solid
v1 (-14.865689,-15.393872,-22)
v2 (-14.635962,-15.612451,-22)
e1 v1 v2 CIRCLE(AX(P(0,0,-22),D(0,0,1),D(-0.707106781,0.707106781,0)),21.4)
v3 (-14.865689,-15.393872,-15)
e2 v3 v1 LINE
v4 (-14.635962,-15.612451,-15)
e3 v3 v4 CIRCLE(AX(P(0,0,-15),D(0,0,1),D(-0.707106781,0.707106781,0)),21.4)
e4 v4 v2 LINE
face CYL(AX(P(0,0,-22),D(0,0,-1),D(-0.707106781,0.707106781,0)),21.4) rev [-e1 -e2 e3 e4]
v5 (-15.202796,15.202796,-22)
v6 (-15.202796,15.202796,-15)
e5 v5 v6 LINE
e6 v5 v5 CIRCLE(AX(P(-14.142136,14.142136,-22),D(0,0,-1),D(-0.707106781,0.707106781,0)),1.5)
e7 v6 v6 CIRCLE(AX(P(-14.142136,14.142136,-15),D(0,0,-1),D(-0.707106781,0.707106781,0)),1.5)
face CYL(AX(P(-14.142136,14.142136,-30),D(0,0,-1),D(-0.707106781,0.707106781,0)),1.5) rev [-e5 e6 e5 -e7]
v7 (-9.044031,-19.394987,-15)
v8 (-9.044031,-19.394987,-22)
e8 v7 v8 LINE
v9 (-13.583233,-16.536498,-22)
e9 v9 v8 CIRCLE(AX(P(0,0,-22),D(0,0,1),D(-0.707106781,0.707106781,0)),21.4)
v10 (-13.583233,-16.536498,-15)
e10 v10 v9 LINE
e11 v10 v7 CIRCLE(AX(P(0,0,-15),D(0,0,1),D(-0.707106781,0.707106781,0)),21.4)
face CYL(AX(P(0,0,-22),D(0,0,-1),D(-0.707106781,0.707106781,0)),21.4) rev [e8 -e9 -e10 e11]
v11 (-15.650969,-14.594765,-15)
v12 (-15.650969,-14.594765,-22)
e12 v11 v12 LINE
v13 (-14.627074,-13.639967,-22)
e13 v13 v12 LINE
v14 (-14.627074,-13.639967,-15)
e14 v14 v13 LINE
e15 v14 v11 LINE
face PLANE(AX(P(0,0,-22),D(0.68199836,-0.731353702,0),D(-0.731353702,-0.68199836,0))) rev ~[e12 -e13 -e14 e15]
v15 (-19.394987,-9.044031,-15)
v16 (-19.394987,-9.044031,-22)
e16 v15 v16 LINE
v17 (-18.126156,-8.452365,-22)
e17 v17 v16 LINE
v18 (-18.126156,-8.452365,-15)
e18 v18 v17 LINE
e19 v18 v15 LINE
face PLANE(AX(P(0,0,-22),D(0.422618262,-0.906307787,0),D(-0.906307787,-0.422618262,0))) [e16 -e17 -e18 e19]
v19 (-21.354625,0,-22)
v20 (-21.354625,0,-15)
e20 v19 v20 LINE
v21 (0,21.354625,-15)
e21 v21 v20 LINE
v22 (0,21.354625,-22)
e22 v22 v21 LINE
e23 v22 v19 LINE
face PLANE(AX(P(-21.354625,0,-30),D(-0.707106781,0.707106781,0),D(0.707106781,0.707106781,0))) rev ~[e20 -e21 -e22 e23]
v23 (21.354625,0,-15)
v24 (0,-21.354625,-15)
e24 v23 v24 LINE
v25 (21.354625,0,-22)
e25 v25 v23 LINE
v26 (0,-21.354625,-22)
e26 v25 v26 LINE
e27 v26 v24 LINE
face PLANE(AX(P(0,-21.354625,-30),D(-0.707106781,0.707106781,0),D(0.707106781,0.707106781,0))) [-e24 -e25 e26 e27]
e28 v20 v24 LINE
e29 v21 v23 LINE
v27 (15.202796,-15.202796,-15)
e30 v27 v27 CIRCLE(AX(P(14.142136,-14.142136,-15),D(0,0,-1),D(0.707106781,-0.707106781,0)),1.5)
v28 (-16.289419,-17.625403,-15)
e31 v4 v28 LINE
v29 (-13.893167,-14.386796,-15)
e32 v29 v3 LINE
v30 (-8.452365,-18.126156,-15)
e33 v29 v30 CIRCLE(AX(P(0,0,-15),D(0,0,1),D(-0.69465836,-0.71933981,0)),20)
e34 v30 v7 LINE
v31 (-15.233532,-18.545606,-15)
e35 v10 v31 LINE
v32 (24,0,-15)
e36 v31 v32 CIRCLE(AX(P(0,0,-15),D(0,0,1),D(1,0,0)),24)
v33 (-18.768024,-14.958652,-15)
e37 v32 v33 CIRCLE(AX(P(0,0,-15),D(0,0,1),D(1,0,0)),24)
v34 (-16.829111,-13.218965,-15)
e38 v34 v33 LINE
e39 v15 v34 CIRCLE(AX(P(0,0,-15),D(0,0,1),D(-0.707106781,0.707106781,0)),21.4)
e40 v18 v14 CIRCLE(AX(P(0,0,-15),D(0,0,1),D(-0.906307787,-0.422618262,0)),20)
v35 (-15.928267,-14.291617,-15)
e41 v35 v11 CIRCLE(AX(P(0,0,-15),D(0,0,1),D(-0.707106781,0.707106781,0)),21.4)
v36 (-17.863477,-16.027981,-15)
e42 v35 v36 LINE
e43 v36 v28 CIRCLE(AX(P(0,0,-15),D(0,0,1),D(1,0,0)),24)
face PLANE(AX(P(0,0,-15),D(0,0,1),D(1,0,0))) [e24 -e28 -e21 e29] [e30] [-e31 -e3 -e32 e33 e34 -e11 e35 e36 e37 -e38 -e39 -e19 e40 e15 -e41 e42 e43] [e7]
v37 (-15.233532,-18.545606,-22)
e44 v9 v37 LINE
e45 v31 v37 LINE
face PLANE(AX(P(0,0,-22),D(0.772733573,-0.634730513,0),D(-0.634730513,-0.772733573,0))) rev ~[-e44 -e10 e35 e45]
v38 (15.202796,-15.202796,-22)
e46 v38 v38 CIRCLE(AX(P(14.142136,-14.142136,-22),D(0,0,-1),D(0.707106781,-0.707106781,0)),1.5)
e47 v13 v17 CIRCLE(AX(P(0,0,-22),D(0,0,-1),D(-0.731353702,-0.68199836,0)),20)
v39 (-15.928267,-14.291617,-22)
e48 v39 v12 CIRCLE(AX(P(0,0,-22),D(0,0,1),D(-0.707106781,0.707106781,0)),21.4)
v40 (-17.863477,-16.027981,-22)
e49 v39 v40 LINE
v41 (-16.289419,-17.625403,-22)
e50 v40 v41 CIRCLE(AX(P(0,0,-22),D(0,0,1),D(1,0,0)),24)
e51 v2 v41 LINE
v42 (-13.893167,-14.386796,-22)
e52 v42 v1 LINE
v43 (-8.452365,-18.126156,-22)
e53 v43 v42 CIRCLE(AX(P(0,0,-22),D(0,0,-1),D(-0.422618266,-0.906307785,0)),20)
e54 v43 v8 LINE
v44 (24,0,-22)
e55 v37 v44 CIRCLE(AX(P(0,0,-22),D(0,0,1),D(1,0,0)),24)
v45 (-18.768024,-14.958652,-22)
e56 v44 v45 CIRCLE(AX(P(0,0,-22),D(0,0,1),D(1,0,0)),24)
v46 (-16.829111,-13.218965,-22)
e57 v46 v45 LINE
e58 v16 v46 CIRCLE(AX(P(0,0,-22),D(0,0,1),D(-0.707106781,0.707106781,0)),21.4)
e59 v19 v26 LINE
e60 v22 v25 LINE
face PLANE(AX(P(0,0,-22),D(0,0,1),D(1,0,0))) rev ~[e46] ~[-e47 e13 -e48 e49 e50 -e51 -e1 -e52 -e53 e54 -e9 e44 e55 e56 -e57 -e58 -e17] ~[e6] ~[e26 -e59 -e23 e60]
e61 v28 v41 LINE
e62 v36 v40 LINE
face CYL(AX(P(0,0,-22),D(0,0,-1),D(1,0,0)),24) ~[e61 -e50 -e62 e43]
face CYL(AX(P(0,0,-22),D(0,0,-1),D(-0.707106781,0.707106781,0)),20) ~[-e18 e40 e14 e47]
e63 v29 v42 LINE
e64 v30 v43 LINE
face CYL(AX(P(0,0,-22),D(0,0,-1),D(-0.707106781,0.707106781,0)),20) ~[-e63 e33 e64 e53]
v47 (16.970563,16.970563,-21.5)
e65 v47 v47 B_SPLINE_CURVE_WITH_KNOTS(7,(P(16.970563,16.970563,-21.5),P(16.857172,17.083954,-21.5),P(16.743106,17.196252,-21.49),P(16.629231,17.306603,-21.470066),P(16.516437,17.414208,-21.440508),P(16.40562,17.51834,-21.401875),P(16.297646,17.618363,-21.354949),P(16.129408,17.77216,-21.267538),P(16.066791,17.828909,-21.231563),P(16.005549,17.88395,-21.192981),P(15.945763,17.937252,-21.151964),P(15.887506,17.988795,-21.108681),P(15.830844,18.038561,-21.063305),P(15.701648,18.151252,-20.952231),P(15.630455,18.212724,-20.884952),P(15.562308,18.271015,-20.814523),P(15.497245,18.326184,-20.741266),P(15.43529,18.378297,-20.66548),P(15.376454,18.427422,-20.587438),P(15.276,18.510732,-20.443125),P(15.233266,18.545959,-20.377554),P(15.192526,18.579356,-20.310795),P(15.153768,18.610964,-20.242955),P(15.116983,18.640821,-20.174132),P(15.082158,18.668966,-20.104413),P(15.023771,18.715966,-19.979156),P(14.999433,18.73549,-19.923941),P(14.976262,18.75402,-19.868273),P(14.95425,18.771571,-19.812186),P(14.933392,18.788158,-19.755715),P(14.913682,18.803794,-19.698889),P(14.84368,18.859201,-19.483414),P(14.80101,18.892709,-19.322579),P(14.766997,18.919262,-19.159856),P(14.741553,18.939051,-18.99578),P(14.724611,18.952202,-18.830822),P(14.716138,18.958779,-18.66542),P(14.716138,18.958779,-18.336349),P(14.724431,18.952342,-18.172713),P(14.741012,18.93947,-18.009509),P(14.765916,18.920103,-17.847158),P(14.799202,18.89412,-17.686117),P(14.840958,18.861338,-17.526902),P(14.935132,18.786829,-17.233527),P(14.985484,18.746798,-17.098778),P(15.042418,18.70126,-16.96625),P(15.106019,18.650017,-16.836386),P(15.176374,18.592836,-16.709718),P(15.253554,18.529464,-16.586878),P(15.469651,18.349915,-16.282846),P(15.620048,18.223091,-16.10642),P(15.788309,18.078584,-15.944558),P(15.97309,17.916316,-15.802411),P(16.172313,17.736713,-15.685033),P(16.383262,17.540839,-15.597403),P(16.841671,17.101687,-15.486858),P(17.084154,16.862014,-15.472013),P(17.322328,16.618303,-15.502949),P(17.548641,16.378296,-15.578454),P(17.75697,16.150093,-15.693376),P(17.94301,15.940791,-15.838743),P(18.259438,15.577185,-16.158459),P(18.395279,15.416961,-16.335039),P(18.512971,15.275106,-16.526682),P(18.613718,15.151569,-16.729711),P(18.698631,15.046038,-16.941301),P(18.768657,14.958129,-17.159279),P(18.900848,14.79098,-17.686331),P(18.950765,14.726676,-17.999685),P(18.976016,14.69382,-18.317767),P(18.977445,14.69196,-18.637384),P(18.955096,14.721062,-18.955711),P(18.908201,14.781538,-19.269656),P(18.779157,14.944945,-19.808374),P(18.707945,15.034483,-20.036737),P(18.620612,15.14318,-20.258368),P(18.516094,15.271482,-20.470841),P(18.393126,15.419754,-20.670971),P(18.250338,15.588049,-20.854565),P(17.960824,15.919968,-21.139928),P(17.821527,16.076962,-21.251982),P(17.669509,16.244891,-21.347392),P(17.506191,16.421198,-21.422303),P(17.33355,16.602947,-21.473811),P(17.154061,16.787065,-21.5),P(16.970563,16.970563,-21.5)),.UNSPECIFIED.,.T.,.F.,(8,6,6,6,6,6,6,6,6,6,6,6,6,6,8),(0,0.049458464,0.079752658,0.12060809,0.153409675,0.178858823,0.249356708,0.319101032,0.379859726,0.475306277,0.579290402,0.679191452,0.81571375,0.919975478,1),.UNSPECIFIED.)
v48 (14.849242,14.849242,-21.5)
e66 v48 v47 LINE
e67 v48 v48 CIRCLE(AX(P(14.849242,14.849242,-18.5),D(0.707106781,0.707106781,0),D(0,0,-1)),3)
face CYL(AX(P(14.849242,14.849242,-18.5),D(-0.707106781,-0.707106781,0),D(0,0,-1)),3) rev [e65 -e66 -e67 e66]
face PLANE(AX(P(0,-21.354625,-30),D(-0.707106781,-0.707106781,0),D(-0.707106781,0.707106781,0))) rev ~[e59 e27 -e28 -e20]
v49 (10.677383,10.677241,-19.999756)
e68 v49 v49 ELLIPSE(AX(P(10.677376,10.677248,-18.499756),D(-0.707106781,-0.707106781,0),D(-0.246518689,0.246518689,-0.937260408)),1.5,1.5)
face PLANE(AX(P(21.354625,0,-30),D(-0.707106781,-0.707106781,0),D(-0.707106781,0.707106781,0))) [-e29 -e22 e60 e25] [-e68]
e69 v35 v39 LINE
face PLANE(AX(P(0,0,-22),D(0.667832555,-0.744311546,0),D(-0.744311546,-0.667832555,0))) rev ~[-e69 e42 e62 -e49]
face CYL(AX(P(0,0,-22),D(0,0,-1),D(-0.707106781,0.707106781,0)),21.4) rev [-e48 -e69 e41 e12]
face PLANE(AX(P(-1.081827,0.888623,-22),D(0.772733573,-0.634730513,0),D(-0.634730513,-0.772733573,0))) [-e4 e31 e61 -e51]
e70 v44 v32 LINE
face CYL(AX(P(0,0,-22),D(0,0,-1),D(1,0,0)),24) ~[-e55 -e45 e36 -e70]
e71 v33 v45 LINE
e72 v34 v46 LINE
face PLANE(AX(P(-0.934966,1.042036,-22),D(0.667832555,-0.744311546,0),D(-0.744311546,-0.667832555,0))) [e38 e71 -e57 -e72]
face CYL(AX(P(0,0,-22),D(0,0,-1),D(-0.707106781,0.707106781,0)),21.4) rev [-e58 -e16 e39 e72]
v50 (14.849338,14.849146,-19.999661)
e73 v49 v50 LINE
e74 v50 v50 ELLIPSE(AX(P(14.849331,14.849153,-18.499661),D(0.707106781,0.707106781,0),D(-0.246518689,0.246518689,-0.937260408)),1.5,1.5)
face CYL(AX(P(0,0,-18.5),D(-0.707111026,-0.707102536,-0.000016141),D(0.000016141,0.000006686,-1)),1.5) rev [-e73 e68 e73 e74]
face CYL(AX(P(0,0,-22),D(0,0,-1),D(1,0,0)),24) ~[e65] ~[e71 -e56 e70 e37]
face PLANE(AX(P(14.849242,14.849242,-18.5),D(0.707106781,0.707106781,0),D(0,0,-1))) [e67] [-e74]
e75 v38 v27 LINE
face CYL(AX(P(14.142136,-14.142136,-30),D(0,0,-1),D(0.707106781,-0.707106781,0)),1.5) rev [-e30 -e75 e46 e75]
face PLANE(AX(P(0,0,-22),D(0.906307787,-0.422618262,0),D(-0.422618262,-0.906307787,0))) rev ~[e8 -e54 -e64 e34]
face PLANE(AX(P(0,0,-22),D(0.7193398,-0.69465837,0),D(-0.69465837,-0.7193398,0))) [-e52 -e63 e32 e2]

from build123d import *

# Parameters (mm, degrees)
CYLINDER1831_R               = 1.5
CYLINDER1831_DEPTH           = 50
CYLINDER1831_ROLL_ANGLE      = -22.499828
CYLINDER1831_PITCH_ANGLE     = 89.998999
CYLINDER1831_PLACEMENT_ANGLE = 22.499828
CYLINDER1835_R               = 3
CYLINDER1835_DEPTH           = 10
CYLINDER1835_PITCH_ANGLE     = 90
CYLINDER1835_PLACEMENT_ANGLE = 45
CYLINDER1832_R               = 20
CYLINDER1832_DEPTH           = 7
BOX735_W                     = 1.4
BOX735_H                     = 60
BOX735_DEPTH                 = 7
BOX735_PLACEMENT_ANGLE       = 5.7
BOX734_W                     = 1.4
BOX734_H                     = 60
BOX734_DEPTH                 = 7
BOX734_PLACEMENT_ANGLE       = 3
CUT548_PLACEMENT_ANGLE       = 134.9
BOX738_W                     = 60
BOX738_H                     = 60
BOX738_DEPTH                 = 7
BOX738_PLACEMENT_ANGLE       = 1
BOX733_W                     = 60
BOX733_H                     = 60
BOX733_DEPTH                 = 7
BOX733_PLACEMENT_ANGLE       = 2
BOX739_W                     = 120
BOX739_H                     = 60
BOX739_DEPTH                 = 7
TUBE094_R                    = 21.4
TUBE094_R_2                  = 20
TUBE094_DEPTH                = 7
BOX732_W                     = 60
BOX732_H                     = 60
BOX732_DEPTH                 = 7
BOX732_PLACEMENT_ANGLE       = 20
BOX731_W                     = 60
BOX731_H                     = 60
BOX731_DEPTH                 = 7
BOX731_PLACEMENT_ANGLE       = 20
BOX737_W                     = 120
BOX737_H                     = 60
BOX737_DEPTH                 = 7
TUBE093_R                    = 21.4
TUBE093_R_2                  = 20
TUBE093_DEPTH                = 7
CUT552_PLACEMENT_ANGLE       = 135
CYLINDER1834_R               = 1.5
CYLINDER1834_DEPTH           = 20
CYLINDER1834_PLACEMENT_ANGLE = 135
CYLINDER1833_R               = 1.5
CYLINDER1833_DEPTH           = 20
CYLINDER1833_PLACEMENT_ANGLE = 45
BOX736_W                     = 30.2
BOX736_H                     = 30.2
BOX736_DEPTH                 = 100
BOX736_PLACEMENT_ANGLE       = 45
CYLINDER1836_R               = 24
CYLINDER1836_DEPTH           = 7


with BuildPart() as v_lec1831:
    # Cylinder1831 → Cylinder1831 (new body)
    with BuildSketch(Plane.XY):
        Circle(CYLINDER1831_R)
    extrude(amount=CYLINDER1831_DEPTH)


with BuildPart() as v_lec1831_1:
    # Cylinder1831 roll: moved
    add(v_lec1831.part.rotate(Axis((0, 0, 0), (1, 0, 0)), CYLINDER1831_ROLL_ANGLE))


with BuildPart() as v_lec1831_2:
    # Cylinder1831 pitch: moved
    add(v_lec1831_1.part.rotate(Axis((0, 0, 0), (0, 1, 0)), CYLINDER1831_PITCH_ANGLE))


with BuildPart() as v_lec1831_3:
    # Cylinder1831 placement: moved
    add(v_lec1831_2.part.moved(Location((0, 0, -18.5))).rotate(Axis((0, 0, -18.5), (0, 0, 1)), CYLINDER1831_PLACEMENT_ANGLE))


with BuildPart() as v_lec1835:
    # Cylinder1835 → Cylinder1835 (new body)
    with BuildSketch(Plane.XY):
        Circle(CYLINDER1835_R)
    extrude(amount=CYLINDER1835_DEPTH)


with BuildPart() as v_lec1835_1:
    # Cylinder1835 pitch: moved
    add(v_lec1835.part.rotate(Axis((0, 0, 0), (0, 1, 0)), CYLINDER1835_PITCH_ANGLE))


with BuildPart() as v_lec1835_2:
    # Cylinder1835 placement: moved
    add(v_lec1835_1.part.moved(Location((14.849242, 14.849242, -18.5))).rotate(Axis((14.849242, 14.849242, -18.5), (0, 0, 1)), CYLINDER1835_PLACEMENT_ANGLE))


with BuildPart() as v_lec1832:
    # Cylinder1832 → Cylinder1832 (new body)
    with BuildSketch(Plane.XY.offset(-22)):
        Circle(CYLINDER1832_R)
    extrude(amount=CYLINDER1832_DEPTH)


with BuildPart() as krychle735:
    # Box735 → Box735 (new body)
    with BuildSketch(Plane.XY):
        with Locations((0.7, 30)):
            Rectangle(BOX735_W, BOX735_H)
    extrude(amount=BOX735_DEPTH)


with BuildPart() as krychle735_1:
    # Box735 placement: moved
    add(krychle735.part.moved(Location((0, 0, -22))).rotate(Axis((0, 0, -22), (0, 0, 1)), BOX735_PLACEMENT_ANGLE))


with BuildPart() as cut548:
    # Box734 → Box734 (new body)
    with BuildSketch(Plane.XY):
        with Locations((0.7, 30)):
            Rectangle(BOX734_W, BOX734_H)
    extrude(amount=BOX734_DEPTH)


with BuildPart() as cut548_1:
    # Box734 placement: moved
    add(cut548.part.moved(Location((0, 0, -22))).rotate(Axis((0, 0, -22), (0, 0, -1)), BOX734_PLACEMENT_ANGLE))

    # Compound905: union Krychle735
    add(krychle735_1.part)

    # Cut548: cut Válec1832
    add(v_lec1832.part, mode=Mode.SUBTRACT)


with BuildPart() as cut548_2:
    # Cut548 placement: moved
    add(cut548_1.part.rotate(Axis((0, 0, 0), (0, 0, 1)), CUT548_PLACEMENT_ANGLE))


with BuildPart() as krychle738:
    # Box738 → Box738 (new body)
    with BuildSketch(Plane.XY):
        with Locations((30, 30)):
            Rectangle(BOX738_W, BOX738_H)
    extrude(amount=BOX738_DEPTH)


with BuildPart() as krychle738_1:
    # Box738 placement: moved
    add(krychle738.part.moved(Location((-59.990862, -1.047144, -22))).rotate(Axis((-59.990862, -1.047144, -22), (0, 0, 1)), BOX738_PLACEMENT_ANGLE))


with BuildPart() as compound904:
    # Box733 → Box733 (new body)
    with BuildSketch(Plane.XY):
        with Locations((30, 30)):
            Rectangle(BOX733_W, BOX733_H)
    extrude(amount=BOX733_DEPTH)


with BuildPart() as compound904_1:
    # Box733 placement: moved
    add(compound904.part.moved(Location((0, 0, -22))).rotate(Axis((0, 0, -22), (0, 0, -1)), BOX733_PLACEMENT_ANGLE))

    # Compound904: union Krychle738
    add(krychle738_1.part)


with BuildPart() as krychle739:
    # Box739 → Box739 (new body)
    with BuildSketch(Plane(origin=(-60, -60, -22), x_dir=(1, 0, 0), z_dir=(0, 0, 1))):
        with Locations((60, 30)):
            Rectangle(BOX739_W, BOX739_H)
    extrude(amount=BOX739_DEPTH)


with BuildPart() as cut554:
    # Tube094 → Tube094 (new body)
    with BuildSketch(Plane.XY.offset(-22)):
        Circle(TUBE094_R)
        Circle(TUBE094_R_2, mode=Mode.SUBTRACT)
    extrude(amount=TUBE094_DEPTH)

    # Cut555: cut Krychle739
    add(krychle739.part, mode=Mode.SUBTRACT)

    # Cut554: cut Compound904
    add(compound904_1.part, mode=Mode.SUBTRACT)


with BuildPart() as cut554_1:
    # Cut554 placement: moved
    add(cut554.part.moved(Location((0, 0, -7))))


with BuildPart() as krychle732:
    # Box732 → Box732 (new body)
    with BuildSketch(Plane.XY):
        with Locations((30, 30)):
            Rectangle(BOX732_W, BOX732_H)
    extrude(amount=BOX732_DEPTH)


with BuildPart() as krychle732_1:
    # Box732 placement: moved
    add(krychle732.part.moved(Location((-56.381557, -20.521209, -22))).rotate(Axis((-56.381557, -20.521209, -22), (0, 0, 1)), BOX732_PLACEMENT_ANGLE))


with BuildPart() as compound907:
    # Box731 → Box731 (new body)
    with BuildSketch(Plane.XY):
        with Locations((30, 30)):
            Rectangle(BOX731_W, BOX731_H)
    extrude(amount=BOX731_DEPTH)


with BuildPart() as compound907_1:
    # Box731 placement: moved
    add(compound907.part.moved(Location((0, 0, -22))).rotate(Axis((0, 0, -22), (0, 0, -1)), BOX731_PLACEMENT_ANGLE))

    # Compound907: union Krychle732
    add(krychle732_1.part)


with BuildPart() as krychle737:
    # Box737 → Box737 (new body)
    with BuildSketch(Plane(origin=(-60, -60, -22), x_dir=(1, 0, 0), z_dir=(0, 0, 1))):
        with Locations((60, 30)):
            Rectangle(BOX737_W, BOX737_H)
    extrude(amount=BOX737_DEPTH)


with BuildPart() as cut552:
    # Tube093 → Tube093 (new body)
    with BuildSketch(Plane.XY.offset(-22)):
        Circle(TUBE093_R)
        Circle(TUBE093_R_2, mode=Mode.SUBTRACT)
    extrude(amount=TUBE093_DEPTH)

    # Cut559: cut Krychle737
    add(krychle737.part, mode=Mode.SUBTRACT)

    # Cut556: cut Compound907
    add(compound907_1.part, mode=Mode.SUBTRACT)


with BuildPart() as cut552_1:
    # Cut556 placement: moved
    add(cut552.part.moved(Location((0, 0, -7))))

    # Cut552: cut Cut554
    add(cut554_1.part, mode=Mode.SUBTRACT)


with BuildPart() as cut552_2:
    # Cut552 placement: moved
    add(cut552_1.part.moved(Location((0, 0, 7))).rotate(Axis((0, 0, 7), (0, 0, 1)), CUT552_PLACEMENT_ANGLE))


with BuildPart() as v_lec1834:
    # Cylinder1834 → Cylinder1834 (new body)
    with BuildSketch(Plane.XY):
        Circle(CYLINDER1834_R)
    extrude(amount=CYLINDER1834_DEPTH)


with BuildPart() as v_lec1834_1:
    # Cylinder1834 placement: moved
    add(v_lec1834.part.moved(Location((-14.142136, 14.142136, -30))).rotate(Axis((-14.142136, 14.142136, -30), (0, 0, 1)), CYLINDER1834_PLACEMENT_ANGLE))


with BuildPart() as compound906:
    # Cylinder1833 → Cylinder1833 (new body)
    with BuildSketch(Plane.XY):
        Circle(CYLINDER1833_R)
    extrude(amount=CYLINDER1833_DEPTH)


with BuildPart() as compound906_1:
    # Cylinder1833 placement: moved
    add(compound906.part.moved(Location((14.142136, -14.142136, -30))).rotate(Axis((14.142136, -14.142136, -30), (0, 0, -1)), CYLINDER1833_PLACEMENT_ANGLE))

    # Compound906: union Válec1834
    add(v_lec1834_1.part)


with BuildPart() as krychle736:
    # Box736 → Box736 (new body)
    with BuildSketch(Plane.XY):
        with Locations((15.1, 15.1)):
            Rectangle(BOX736_W, BOX736_H)
    extrude(amount=BOX736_DEPTH)


with BuildPart() as krychle736_1:
    # Box736 placement: moved
    add(krychle736.part.moved(Location((0, -21.354625, -30))).rotate(Axis((0, -21.354625, -30), (0, 0, 1)), BOX736_PLACEMENT_ANGLE))


with BuildPart() as cut551:
    # Cylinder1836 → Cylinder1836 (new body)
    with BuildSketch(Plane.XY.offset(-22)):
        Circle(CYLINDER1836_R)
    extrude(amount=CYLINDER1836_DEPTH)

    # Cut553: cut Krychle736
    add(krychle736_1.part, mode=Mode.SUBTRACT)

    # Cut558: cut Compound906
    add(compound906_1.part, mode=Mode.SUBTRACT)

    # Cut557: cut Cut552
    add(cut552_2.part, mode=Mode.SUBTRACT)

    # Cut549: cut Cut548
    add(cut548_2.part, mode=Mode.SUBTRACT)

    # Cut550: cut Válec1835
    add(v_lec1835_2.part, mode=Mode.SUBTRACT)

    # Cut551: cut Válec1831
    add(v_lec1831_3.part, mode=Mode.SUBTRACT)


solid = cut551.part
